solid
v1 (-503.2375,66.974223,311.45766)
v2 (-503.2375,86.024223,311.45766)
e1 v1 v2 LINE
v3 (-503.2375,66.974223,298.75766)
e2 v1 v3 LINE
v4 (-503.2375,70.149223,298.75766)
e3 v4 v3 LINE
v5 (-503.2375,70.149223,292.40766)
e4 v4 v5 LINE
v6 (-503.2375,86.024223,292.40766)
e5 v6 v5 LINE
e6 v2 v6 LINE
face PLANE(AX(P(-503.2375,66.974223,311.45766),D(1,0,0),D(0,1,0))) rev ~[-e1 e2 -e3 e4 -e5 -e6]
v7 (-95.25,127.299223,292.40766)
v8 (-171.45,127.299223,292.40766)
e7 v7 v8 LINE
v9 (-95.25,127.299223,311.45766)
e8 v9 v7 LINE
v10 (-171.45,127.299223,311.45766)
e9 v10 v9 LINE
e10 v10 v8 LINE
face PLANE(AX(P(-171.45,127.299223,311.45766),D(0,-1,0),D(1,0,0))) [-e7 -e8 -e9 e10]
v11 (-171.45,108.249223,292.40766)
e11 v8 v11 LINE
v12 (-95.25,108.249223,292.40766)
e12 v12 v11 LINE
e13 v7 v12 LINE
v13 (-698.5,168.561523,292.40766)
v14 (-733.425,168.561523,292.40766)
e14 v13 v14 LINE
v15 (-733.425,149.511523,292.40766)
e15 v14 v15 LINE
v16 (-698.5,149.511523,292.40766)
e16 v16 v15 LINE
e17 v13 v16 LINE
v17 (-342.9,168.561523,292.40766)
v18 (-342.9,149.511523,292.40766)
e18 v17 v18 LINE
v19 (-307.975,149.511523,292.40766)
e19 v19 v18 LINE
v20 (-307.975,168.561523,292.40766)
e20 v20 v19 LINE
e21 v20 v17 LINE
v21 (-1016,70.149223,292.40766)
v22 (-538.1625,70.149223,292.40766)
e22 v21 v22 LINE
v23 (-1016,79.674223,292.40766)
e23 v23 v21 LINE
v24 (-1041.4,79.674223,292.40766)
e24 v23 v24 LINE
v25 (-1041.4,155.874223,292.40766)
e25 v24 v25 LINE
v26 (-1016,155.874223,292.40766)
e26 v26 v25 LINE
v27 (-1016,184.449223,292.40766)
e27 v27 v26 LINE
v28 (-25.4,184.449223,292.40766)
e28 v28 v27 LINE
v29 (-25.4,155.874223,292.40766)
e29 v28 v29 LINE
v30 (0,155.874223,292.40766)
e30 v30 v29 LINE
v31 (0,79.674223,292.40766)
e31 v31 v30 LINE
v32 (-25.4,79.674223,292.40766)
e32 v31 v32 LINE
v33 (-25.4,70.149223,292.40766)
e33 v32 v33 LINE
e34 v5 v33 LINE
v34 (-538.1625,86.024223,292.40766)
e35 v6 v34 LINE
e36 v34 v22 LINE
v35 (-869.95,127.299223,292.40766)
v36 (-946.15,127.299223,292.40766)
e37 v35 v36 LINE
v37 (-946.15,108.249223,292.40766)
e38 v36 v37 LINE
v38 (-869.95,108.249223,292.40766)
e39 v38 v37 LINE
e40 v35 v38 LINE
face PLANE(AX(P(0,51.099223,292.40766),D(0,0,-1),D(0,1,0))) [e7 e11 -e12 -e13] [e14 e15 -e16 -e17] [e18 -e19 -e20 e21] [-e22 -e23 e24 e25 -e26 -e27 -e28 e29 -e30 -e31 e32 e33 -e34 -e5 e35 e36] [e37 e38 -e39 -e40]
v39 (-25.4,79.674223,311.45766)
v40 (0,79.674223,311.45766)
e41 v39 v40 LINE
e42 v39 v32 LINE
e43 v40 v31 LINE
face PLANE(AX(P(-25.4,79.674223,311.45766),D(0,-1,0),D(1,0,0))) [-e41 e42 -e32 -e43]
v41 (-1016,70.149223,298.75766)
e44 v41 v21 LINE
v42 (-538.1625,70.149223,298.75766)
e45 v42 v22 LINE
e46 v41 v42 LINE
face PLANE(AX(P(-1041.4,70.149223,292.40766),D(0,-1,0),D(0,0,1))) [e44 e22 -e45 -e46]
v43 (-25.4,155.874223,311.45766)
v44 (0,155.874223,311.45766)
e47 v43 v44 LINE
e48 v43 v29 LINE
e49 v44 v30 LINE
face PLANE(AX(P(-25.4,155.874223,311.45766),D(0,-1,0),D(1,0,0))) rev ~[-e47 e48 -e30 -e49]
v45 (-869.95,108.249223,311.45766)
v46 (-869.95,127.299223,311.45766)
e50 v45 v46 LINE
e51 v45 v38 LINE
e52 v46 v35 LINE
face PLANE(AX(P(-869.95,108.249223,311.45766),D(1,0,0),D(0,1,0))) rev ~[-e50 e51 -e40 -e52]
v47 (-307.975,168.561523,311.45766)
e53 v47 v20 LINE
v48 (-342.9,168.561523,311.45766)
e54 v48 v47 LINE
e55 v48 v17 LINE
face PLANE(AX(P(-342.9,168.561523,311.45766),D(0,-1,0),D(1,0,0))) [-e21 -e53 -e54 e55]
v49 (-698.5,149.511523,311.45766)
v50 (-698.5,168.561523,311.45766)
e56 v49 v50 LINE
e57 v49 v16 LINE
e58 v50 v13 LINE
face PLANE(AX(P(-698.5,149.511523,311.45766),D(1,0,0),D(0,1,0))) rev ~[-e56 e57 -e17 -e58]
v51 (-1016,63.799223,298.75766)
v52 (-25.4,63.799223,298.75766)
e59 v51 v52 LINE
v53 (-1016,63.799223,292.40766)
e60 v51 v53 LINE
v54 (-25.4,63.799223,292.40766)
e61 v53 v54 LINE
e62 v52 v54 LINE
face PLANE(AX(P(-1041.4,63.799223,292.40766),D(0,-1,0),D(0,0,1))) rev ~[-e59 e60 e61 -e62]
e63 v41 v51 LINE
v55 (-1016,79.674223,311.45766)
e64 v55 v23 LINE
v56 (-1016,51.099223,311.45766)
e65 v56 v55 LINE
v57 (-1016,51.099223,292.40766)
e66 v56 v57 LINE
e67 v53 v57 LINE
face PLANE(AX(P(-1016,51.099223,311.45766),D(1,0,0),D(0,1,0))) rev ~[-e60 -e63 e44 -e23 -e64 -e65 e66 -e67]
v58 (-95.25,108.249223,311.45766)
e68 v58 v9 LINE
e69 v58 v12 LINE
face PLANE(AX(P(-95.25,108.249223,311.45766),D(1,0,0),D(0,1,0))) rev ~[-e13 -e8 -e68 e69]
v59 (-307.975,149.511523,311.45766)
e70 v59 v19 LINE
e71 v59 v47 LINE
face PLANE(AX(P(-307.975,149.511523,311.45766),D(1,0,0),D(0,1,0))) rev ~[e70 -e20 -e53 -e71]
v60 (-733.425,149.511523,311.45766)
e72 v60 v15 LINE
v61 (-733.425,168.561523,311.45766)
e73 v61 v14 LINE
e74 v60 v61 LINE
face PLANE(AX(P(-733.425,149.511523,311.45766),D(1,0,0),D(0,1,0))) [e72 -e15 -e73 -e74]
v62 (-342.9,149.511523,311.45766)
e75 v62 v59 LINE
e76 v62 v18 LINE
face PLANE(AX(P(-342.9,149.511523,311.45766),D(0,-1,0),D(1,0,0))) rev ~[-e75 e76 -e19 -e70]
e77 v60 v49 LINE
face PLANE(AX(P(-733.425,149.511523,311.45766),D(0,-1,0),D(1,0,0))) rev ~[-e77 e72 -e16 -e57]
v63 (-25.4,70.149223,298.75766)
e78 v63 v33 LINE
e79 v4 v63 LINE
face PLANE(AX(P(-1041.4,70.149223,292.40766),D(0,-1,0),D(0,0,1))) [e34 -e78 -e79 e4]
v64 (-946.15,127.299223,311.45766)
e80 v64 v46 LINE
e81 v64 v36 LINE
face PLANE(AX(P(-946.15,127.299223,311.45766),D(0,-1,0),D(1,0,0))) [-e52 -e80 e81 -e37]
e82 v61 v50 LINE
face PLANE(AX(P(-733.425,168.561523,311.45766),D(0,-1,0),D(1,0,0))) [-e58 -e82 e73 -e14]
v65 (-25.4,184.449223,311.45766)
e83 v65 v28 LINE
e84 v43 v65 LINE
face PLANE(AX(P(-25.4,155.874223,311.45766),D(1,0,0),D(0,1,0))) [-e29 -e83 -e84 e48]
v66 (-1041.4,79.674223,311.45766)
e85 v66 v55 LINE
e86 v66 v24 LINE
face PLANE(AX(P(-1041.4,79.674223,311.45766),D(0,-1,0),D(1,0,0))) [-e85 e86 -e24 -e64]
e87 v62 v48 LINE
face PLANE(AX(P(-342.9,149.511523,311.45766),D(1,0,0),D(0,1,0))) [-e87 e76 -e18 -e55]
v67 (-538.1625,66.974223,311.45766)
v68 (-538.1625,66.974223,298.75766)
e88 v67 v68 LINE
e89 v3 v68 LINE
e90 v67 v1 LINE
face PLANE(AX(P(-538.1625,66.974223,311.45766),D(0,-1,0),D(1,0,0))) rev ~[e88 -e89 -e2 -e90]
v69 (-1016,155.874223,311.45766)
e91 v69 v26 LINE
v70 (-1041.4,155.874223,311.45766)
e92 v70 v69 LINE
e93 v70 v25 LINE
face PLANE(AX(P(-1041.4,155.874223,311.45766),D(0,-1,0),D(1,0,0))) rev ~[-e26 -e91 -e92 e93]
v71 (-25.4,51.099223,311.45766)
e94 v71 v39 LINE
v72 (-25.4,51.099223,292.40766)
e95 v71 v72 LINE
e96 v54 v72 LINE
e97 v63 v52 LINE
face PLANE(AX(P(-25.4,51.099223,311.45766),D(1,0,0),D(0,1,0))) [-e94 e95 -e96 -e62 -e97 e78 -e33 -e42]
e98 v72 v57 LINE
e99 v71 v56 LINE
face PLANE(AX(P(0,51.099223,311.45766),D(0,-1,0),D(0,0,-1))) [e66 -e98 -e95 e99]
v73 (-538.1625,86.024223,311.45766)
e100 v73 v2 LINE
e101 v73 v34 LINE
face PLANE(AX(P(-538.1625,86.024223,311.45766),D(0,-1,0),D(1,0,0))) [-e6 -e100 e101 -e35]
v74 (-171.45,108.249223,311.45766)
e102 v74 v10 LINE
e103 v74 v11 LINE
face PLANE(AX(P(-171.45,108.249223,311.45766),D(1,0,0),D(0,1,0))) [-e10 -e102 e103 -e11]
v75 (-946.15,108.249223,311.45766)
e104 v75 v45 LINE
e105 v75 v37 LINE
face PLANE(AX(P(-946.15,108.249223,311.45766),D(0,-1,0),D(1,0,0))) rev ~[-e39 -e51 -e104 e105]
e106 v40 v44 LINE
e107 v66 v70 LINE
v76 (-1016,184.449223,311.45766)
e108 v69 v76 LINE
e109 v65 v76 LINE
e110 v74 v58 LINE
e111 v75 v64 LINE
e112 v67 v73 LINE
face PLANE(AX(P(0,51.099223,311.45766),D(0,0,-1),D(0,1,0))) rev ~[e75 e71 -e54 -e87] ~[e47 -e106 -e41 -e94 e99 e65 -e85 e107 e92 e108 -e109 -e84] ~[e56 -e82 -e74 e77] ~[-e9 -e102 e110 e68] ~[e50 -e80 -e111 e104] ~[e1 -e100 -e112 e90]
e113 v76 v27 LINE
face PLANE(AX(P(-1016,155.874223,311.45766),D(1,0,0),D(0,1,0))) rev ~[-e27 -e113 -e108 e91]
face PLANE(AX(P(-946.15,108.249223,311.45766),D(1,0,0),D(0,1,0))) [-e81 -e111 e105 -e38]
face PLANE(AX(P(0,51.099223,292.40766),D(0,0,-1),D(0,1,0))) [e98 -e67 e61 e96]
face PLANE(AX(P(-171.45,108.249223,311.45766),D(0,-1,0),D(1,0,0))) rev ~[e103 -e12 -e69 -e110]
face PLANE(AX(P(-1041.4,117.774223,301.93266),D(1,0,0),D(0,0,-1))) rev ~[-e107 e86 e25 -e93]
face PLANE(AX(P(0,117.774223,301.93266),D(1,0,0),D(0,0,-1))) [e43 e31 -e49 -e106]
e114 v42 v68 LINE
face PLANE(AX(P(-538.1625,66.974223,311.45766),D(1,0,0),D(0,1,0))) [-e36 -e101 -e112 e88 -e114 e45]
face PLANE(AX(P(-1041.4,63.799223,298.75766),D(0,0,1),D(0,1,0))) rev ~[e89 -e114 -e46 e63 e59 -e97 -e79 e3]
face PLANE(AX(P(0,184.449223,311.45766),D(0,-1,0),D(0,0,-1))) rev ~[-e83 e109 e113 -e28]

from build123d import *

# Parameters (mm, degrees)
SKETCH1_W           = 19.05
SKETCH1_H           = 133.35
BOSS_EXTRUDE1_DEPTH = 1041.4
SKETCH2_W           = 76.2
SKETCH2_H           = 19.05
SKETCH2_W_2         = 34.925
SKETCH2_W_3         = 25.4
SKETCH2_H_2         = 28.575
CUT_EXTRUDE1_DEPTH  = 1058.779929099
SKETCH3_W           = 6.35
SKETCH3_H           = 6.35
CUT_EXTRUDE2_DEPTH  = 1103.515918102


with BuildPart() as part:
    # Sketch1 → Boss-Extrude1 (new body)
    with BuildSketch(Plane(origin=(0, 0, 0), x_dir=(0, 0, -1), z_dir=(1, 0, 0))):
        with Locations((-301.932659665, 117.774223108)):
            Rectangle(SKETCH1_W, SKETCH1_H)
    extrude(amount=-BOSS_EXTRUDE1_DEPTH)

    # Sketch2 → Cut-Extrude1 (cut, through all)
    with BuildSketch(Plane.XY.offset(311.457659665)):
        with Locations((-908.05, 117.774223108)):
            Rectangle(SKETCH2_W, SKETCH2_H)
        with Locations((-133.35, 117.774223108)):
            Rectangle(SKETCH2_W, SKETCH2_H)
        with Locations((-325.4375, 159.036523108)):
            Rectangle(SKETCH2_W_2, SKETCH2_H)
        with Locations((-715.9625, 159.036523108)):
            Rectangle(SKETCH2_W_2, SKETCH2_H)
        with Locations((-12.7, 170.161723108)):
            Rectangle(SKETCH2_W_3, SKETCH2_H_2)
        with Locations((-1028.7, 170.161723108)):
            Rectangle(SKETCH2_W_3, SKETCH2_H_2)
        with Locations((-520.7, 76.499223108)):
            Rectangle(SKETCH2_W_2, SKETCH2_H)
        with Locations((-1028.7, 65.386723108)):
            Rectangle(SKETCH2_W_3, SKETCH2_H_2)
        with Locations((-12.7, 65.386723108)):
            Rectangle(SKETCH2_W_3, SKETCH2_H_2)
    extrude(amount=-CUT_EXTRUDE1_DEPTH, mode=Mode.SUBTRACT)

    # Sketch3 → Cut-Extrude2 (cut, through all)
    with BuildSketch(Plane.ZY.offset(1041.4)):
        with Locations((295.582659665, 66.974223108)):
            Rectangle(SKETCH3_W, SKETCH3_H)
    extrude(amount=-CUT_EXTRUDE2_DEPTH, mode=Mode.SUBTRACT)


solid = part.part
